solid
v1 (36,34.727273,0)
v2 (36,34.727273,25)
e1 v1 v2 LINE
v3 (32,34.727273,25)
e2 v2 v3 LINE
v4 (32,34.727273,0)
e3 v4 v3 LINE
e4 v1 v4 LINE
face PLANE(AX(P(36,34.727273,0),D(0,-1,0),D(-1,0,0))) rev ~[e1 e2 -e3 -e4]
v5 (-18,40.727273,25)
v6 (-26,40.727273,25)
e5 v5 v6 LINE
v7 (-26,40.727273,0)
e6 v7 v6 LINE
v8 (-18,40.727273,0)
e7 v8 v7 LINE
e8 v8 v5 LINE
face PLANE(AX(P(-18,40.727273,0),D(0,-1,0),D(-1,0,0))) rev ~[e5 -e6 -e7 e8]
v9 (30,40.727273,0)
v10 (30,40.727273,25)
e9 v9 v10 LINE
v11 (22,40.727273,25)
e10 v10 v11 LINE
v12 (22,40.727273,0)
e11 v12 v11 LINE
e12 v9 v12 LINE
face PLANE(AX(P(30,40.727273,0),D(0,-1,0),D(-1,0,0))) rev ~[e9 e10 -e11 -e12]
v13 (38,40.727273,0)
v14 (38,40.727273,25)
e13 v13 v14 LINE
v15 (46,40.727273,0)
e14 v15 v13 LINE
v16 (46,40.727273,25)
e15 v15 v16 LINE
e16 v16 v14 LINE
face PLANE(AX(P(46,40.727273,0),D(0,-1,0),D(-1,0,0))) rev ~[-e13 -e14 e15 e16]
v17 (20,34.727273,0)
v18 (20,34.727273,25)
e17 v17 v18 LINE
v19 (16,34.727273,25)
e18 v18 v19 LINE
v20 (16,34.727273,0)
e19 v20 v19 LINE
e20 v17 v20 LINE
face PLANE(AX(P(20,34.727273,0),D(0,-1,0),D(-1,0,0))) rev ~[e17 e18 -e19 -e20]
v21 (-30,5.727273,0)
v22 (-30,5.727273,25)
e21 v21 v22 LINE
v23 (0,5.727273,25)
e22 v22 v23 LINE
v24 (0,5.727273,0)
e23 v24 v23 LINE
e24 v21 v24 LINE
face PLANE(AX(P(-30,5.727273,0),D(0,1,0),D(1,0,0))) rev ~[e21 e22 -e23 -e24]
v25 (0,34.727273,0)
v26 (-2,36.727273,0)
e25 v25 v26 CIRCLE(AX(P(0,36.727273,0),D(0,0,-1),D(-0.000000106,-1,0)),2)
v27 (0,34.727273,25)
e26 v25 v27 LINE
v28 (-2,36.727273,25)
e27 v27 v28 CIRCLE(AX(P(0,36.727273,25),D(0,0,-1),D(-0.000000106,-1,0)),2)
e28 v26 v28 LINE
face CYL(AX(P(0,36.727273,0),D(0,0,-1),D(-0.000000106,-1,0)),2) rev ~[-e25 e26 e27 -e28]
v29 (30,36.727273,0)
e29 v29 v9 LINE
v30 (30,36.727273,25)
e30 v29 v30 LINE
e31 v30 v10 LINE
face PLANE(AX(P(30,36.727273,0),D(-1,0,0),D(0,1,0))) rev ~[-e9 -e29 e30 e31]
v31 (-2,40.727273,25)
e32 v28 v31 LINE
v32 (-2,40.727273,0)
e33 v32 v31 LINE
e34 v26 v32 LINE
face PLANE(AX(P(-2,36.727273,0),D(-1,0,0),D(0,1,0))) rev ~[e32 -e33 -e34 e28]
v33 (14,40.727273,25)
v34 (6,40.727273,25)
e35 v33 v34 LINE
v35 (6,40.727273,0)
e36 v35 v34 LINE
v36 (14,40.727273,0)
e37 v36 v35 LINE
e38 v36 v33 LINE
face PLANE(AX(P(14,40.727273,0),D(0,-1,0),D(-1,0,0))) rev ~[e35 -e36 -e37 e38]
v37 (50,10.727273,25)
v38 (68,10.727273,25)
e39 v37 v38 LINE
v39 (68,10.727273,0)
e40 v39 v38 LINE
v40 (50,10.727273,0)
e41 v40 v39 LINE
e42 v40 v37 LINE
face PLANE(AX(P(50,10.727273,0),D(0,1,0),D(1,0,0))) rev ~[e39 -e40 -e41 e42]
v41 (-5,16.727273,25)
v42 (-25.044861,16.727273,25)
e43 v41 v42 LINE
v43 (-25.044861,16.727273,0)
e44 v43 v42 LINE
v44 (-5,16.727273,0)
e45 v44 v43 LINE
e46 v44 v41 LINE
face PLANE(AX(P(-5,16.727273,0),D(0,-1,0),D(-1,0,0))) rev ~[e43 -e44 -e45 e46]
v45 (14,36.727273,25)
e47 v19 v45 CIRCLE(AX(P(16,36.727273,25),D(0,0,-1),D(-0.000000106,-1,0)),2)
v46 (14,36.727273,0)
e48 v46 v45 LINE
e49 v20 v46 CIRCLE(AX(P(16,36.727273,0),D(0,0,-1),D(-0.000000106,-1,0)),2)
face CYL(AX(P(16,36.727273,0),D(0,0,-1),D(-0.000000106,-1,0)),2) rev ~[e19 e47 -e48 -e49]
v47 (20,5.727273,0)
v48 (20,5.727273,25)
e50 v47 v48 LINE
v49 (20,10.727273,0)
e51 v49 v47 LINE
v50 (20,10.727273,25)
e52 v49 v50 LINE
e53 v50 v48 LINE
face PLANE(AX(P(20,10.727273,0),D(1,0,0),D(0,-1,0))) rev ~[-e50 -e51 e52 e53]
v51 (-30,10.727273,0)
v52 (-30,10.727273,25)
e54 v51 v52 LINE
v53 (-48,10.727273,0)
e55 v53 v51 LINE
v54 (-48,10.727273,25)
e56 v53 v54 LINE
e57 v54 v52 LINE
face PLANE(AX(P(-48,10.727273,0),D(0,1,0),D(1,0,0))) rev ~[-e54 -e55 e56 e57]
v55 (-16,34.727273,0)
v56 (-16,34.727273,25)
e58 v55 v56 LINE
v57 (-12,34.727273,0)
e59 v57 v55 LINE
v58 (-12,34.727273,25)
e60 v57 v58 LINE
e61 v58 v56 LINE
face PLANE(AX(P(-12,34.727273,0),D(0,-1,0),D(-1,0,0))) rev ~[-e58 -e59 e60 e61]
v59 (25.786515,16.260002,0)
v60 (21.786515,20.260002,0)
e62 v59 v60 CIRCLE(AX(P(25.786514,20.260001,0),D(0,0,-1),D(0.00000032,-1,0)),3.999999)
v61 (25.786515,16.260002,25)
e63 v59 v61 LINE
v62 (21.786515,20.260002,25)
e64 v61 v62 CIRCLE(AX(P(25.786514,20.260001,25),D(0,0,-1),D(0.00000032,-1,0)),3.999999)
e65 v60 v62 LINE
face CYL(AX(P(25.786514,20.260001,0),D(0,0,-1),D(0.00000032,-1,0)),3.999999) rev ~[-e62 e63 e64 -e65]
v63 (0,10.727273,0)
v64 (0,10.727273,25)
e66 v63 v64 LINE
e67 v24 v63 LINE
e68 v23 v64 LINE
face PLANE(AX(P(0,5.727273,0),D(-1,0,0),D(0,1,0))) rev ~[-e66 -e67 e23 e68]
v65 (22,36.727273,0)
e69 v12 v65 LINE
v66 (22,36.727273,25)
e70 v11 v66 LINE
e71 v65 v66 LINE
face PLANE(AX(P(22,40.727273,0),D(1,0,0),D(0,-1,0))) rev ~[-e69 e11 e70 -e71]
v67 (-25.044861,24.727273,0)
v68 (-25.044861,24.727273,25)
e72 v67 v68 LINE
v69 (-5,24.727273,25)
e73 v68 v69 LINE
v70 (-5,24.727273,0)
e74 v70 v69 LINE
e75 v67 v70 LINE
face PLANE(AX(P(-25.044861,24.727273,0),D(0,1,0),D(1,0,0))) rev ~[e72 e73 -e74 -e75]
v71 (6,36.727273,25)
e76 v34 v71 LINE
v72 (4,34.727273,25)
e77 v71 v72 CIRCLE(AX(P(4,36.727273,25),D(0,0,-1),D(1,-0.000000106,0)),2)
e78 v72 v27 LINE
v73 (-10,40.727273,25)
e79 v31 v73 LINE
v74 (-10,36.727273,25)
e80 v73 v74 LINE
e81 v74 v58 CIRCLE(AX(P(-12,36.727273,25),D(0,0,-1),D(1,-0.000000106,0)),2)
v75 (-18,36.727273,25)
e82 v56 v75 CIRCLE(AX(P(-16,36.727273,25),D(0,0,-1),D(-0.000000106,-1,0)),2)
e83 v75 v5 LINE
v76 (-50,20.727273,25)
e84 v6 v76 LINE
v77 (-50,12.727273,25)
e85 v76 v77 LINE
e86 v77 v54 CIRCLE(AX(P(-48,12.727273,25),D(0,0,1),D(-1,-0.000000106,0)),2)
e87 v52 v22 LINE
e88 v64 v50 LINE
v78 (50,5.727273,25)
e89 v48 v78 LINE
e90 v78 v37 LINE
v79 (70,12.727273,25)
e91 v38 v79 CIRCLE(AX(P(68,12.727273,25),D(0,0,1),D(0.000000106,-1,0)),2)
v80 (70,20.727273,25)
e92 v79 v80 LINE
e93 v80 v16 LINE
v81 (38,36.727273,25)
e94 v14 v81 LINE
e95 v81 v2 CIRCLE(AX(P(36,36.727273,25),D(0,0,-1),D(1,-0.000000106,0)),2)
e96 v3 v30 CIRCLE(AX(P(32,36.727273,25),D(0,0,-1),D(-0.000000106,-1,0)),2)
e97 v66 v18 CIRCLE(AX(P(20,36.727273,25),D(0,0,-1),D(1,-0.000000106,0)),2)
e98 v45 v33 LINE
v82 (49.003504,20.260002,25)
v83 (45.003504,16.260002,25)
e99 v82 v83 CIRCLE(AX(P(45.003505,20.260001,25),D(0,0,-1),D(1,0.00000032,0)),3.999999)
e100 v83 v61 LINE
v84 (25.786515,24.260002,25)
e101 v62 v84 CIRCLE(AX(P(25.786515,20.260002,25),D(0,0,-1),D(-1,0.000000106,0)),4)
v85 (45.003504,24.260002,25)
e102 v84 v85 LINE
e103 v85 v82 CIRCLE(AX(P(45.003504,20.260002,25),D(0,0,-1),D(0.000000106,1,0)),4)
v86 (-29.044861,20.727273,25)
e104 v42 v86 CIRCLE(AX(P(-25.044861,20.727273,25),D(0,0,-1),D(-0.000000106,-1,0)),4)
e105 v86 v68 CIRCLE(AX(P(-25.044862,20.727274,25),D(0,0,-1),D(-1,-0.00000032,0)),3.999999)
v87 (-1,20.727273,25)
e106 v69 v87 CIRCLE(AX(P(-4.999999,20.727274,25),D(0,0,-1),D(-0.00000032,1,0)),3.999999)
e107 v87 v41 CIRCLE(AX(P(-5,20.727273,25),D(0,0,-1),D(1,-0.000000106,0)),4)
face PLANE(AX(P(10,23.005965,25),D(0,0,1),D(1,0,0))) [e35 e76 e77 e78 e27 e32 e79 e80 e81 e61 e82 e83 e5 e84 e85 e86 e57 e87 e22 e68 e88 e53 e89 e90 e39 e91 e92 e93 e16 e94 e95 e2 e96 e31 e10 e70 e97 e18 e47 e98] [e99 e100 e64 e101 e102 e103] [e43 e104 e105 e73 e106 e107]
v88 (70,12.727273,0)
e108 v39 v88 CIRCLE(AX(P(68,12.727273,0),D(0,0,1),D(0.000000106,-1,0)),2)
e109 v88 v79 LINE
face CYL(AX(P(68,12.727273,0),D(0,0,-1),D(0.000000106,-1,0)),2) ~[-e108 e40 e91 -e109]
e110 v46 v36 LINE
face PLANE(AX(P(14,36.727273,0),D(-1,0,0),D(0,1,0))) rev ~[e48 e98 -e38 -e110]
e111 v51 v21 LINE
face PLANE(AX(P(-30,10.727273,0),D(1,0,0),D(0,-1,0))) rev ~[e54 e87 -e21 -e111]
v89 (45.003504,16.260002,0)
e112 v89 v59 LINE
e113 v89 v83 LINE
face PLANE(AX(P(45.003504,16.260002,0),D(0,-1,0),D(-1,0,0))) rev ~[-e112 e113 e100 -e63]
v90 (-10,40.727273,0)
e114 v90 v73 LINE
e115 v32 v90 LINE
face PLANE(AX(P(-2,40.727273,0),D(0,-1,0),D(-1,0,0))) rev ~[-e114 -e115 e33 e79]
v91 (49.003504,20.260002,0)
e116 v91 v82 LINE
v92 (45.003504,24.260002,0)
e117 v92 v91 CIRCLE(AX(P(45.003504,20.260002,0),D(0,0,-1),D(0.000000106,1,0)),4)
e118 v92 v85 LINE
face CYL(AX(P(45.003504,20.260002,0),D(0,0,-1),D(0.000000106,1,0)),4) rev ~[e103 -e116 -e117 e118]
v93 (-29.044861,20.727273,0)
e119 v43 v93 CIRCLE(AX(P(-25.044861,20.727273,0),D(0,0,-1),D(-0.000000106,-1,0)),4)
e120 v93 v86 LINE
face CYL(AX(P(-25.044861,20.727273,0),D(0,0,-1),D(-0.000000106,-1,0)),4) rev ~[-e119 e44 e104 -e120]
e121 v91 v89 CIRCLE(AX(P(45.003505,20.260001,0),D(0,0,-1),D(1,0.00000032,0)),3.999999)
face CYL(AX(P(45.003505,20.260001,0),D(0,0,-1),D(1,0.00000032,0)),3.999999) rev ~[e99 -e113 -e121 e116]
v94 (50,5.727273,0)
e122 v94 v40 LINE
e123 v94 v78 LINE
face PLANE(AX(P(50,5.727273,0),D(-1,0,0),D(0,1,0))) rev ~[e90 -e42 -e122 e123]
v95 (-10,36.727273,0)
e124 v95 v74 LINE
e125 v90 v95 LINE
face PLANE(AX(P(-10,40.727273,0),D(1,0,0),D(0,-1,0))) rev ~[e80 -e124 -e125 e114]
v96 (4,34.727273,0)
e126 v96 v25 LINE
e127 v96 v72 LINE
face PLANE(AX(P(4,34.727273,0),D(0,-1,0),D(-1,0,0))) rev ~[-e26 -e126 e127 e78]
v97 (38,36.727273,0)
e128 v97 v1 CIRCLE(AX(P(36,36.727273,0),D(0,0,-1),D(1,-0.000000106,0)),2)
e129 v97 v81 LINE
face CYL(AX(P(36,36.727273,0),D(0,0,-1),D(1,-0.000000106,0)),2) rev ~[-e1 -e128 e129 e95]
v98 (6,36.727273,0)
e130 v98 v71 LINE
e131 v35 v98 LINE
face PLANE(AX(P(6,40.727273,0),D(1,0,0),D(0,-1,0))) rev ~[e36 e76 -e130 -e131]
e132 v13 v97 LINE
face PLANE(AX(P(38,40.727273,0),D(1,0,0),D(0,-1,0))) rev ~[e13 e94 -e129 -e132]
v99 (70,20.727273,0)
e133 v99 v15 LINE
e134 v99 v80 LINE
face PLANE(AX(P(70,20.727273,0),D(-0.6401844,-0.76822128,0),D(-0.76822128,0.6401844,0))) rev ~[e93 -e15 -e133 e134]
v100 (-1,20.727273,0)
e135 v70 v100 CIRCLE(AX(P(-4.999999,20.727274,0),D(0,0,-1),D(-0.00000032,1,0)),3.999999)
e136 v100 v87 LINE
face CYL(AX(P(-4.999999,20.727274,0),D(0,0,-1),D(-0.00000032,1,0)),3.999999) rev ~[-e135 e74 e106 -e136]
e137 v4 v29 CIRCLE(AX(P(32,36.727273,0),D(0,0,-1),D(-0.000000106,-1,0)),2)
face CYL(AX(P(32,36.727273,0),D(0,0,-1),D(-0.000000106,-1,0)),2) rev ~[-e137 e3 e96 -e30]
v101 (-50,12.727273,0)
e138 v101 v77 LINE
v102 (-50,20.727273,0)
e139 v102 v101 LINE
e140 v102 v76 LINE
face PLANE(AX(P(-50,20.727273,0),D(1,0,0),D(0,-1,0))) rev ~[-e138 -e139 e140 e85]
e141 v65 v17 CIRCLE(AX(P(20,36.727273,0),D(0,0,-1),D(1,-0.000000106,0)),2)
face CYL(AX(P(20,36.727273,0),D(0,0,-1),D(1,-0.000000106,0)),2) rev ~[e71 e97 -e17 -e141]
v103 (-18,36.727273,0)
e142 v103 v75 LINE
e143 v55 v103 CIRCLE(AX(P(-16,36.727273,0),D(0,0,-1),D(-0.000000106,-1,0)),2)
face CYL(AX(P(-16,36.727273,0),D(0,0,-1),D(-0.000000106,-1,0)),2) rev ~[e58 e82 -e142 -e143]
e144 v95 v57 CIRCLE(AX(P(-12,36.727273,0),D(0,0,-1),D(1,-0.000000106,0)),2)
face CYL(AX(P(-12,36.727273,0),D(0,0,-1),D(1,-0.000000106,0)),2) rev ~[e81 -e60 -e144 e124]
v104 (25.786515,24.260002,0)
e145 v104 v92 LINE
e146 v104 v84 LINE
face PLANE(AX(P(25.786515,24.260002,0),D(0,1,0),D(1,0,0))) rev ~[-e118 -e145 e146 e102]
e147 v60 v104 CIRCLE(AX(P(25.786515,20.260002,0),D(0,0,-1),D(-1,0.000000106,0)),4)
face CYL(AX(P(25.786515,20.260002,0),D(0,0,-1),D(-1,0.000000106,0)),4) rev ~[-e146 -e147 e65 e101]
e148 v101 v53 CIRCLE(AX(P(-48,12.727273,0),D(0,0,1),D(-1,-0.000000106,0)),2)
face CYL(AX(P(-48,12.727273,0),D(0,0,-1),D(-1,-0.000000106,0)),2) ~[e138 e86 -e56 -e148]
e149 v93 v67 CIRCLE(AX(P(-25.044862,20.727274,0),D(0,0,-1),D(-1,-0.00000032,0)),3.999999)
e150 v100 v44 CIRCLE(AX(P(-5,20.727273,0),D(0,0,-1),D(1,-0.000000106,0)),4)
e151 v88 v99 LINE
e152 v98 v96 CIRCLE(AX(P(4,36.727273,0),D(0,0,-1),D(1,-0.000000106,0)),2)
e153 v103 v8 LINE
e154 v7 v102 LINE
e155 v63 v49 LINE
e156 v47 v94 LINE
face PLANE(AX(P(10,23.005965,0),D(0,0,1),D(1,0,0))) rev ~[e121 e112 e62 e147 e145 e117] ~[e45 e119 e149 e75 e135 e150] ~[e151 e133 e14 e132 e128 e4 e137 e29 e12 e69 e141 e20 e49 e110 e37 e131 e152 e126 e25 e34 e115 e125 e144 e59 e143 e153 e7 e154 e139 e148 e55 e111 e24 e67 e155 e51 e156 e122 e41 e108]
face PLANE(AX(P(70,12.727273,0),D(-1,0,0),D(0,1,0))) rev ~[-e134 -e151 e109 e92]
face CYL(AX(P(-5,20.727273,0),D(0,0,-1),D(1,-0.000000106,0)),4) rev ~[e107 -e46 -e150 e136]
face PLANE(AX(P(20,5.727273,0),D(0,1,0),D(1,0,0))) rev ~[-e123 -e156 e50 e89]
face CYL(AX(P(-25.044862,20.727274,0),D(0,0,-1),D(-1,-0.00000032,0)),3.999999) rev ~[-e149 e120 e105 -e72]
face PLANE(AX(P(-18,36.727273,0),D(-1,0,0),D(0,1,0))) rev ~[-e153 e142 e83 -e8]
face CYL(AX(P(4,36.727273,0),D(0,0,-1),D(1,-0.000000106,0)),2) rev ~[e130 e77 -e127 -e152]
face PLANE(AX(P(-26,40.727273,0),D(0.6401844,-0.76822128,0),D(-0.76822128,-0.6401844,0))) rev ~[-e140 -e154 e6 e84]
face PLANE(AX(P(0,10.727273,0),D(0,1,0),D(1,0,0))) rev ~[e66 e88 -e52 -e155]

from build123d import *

# Parameters (mm, degrees)
F1_DEPTH = 25


with BuildPart() as f1:
    # F0 (on Top) → F1 (new body)
    with BuildSketch(Plane.XY):
        with BuildLine():
            ThreePointArc((-50, 12.727273), (-49.414214, 11.31306), (-48, 10.727273))
            Line((-48, 10.727273), (-30, 10.727273))
            Line((-30, 10.727273), (-30, 5.727273))
            Line((-30, 5.727273), (0, 5.727273))
            Line((0, 5.727273), (0, 10.727273))
            Line((0, 10.727273), (20, 10.727273))
            Line((20, 10.727273), (20, 5.727273))
            Line((20, 5.727273), (35, 5.727273))
            Line((35, 5.727273), (50, 5.727273))
            Line((50, 5.727273), (50, 10.727273))
            Line((50, 10.727273), (68, 10.727273))
            ThreePointArc((68, 10.727273), (69.414214, 11.31306), (70, 12.727273))
            Line((70, 12.727273), (70, 20.727273))
            Line((70, 20.727273), (46, 40.727273))
            Line((46, 40.727273), (38, 40.727273))
            Line((38, 40.727273), (38, 36.727273))
            ThreePointArc((38, 36.727273), (37.414214, 35.31306), (36, 34.727273))
            Line((36, 34.727273), (32, 34.727273))
            ThreePointArc((32, 34.727273), (30.585786, 35.31306), (30, 36.727273))
            Line((30, 36.727273), (30, 40.727273))
            Line((30, 40.727273), (22, 40.727273))
            Line((22, 40.727273), (22, 36.727273))
            ThreePointArc((22, 36.727273), (21.414214, 35.31306), (20, 34.727273))
            Line((20, 34.727273), (16, 34.727273))
            ThreePointArc((16, 34.727273), (14.585786, 35.31306), (14, 36.727273))
            Line((14, 36.727273), (14, 40.727273))
            Line((14, 40.727273), (6, 40.727273))
            Line((6, 40.727273), (6, 36.727273))
            ThreePointArc((6, 36.727273), (5.414214, 35.31306), (4, 34.727273))
            Line((4, 34.727273), (0, 34.727273))
            ThreePointArc((0, 34.727273), (-1.414214, 35.31306), (-2, 36.727273))
            Line((-2, 36.727273), (-2, 40.727273))
            Line((-2, 40.727273), (-10, 40.727273))
            Line((-10, 40.727273), (-10, 36.727273))
            ThreePointArc((-10, 36.727273), (-10.585786, 35.31306), (-12, 34.727273))
            Line((-12, 34.727273), (-16, 34.727273))
            ThreePointArc((-16, 34.727273), (-17.414214, 35.31306), (-18, 36.727273))
            Line((-18, 36.727273), (-18, 40.727273))
            Line((-18, 40.727273), (-26, 40.727273))
            Line((-26, 40.727273), (-50, 20.727273))
            Line((-50, 20.727273), (-50, 12.727273))
        make_face()
        with BuildLine():
            Line((-25.044861, 24.727273), (-5, 24.727273))
            ThreePointArc((-5, 24.727273), (-2.171573, 23.555701), (-1, 20.727273))
            ThreePointArc((-1, 20.727273), (-2.171573, 17.898846), (-5, 16.727273))
            Line((-5, 16.727273), (-25.044861, 16.727273))
            ThreePointArc((-25.044861, 16.727273), (-27.873288, 17.898846), (-29.044861, 20.727273))
            ThreePointArc((-29.044861, 20.727273), (-27.873288, 23.555701), (-25.044861, 24.727273))
        make_face(mode=Mode.SUBTRACT)
        with BuildLine():
            Line((45.003504, 16.260002), (35, 16.260002))
            Line((35, 16.260002), (25.786515, 16.260002))
            ThreePointArc((25.786515, 16.260002), (22.958088, 17.431574), (21.786515, 20.260002))
            ThreePointArc((21.786515, 20.260002), (22.958088, 23.088429), (25.786515, 24.260002))
            Line((25.786515, 24.260002), (45.003504, 24.260002))
            ThreePointArc((45.003504, 24.260002), (47.831931, 23.088429), (49.003504, 20.260002))
            ThreePointArc((49.003504, 20.260002), (47.831931, 17.431574), (45.003504, 16.260002))
        make_face(mode=Mode.SUBTRACT)
    extrude(amount=F1_DEPTH)


solid = f1.part
